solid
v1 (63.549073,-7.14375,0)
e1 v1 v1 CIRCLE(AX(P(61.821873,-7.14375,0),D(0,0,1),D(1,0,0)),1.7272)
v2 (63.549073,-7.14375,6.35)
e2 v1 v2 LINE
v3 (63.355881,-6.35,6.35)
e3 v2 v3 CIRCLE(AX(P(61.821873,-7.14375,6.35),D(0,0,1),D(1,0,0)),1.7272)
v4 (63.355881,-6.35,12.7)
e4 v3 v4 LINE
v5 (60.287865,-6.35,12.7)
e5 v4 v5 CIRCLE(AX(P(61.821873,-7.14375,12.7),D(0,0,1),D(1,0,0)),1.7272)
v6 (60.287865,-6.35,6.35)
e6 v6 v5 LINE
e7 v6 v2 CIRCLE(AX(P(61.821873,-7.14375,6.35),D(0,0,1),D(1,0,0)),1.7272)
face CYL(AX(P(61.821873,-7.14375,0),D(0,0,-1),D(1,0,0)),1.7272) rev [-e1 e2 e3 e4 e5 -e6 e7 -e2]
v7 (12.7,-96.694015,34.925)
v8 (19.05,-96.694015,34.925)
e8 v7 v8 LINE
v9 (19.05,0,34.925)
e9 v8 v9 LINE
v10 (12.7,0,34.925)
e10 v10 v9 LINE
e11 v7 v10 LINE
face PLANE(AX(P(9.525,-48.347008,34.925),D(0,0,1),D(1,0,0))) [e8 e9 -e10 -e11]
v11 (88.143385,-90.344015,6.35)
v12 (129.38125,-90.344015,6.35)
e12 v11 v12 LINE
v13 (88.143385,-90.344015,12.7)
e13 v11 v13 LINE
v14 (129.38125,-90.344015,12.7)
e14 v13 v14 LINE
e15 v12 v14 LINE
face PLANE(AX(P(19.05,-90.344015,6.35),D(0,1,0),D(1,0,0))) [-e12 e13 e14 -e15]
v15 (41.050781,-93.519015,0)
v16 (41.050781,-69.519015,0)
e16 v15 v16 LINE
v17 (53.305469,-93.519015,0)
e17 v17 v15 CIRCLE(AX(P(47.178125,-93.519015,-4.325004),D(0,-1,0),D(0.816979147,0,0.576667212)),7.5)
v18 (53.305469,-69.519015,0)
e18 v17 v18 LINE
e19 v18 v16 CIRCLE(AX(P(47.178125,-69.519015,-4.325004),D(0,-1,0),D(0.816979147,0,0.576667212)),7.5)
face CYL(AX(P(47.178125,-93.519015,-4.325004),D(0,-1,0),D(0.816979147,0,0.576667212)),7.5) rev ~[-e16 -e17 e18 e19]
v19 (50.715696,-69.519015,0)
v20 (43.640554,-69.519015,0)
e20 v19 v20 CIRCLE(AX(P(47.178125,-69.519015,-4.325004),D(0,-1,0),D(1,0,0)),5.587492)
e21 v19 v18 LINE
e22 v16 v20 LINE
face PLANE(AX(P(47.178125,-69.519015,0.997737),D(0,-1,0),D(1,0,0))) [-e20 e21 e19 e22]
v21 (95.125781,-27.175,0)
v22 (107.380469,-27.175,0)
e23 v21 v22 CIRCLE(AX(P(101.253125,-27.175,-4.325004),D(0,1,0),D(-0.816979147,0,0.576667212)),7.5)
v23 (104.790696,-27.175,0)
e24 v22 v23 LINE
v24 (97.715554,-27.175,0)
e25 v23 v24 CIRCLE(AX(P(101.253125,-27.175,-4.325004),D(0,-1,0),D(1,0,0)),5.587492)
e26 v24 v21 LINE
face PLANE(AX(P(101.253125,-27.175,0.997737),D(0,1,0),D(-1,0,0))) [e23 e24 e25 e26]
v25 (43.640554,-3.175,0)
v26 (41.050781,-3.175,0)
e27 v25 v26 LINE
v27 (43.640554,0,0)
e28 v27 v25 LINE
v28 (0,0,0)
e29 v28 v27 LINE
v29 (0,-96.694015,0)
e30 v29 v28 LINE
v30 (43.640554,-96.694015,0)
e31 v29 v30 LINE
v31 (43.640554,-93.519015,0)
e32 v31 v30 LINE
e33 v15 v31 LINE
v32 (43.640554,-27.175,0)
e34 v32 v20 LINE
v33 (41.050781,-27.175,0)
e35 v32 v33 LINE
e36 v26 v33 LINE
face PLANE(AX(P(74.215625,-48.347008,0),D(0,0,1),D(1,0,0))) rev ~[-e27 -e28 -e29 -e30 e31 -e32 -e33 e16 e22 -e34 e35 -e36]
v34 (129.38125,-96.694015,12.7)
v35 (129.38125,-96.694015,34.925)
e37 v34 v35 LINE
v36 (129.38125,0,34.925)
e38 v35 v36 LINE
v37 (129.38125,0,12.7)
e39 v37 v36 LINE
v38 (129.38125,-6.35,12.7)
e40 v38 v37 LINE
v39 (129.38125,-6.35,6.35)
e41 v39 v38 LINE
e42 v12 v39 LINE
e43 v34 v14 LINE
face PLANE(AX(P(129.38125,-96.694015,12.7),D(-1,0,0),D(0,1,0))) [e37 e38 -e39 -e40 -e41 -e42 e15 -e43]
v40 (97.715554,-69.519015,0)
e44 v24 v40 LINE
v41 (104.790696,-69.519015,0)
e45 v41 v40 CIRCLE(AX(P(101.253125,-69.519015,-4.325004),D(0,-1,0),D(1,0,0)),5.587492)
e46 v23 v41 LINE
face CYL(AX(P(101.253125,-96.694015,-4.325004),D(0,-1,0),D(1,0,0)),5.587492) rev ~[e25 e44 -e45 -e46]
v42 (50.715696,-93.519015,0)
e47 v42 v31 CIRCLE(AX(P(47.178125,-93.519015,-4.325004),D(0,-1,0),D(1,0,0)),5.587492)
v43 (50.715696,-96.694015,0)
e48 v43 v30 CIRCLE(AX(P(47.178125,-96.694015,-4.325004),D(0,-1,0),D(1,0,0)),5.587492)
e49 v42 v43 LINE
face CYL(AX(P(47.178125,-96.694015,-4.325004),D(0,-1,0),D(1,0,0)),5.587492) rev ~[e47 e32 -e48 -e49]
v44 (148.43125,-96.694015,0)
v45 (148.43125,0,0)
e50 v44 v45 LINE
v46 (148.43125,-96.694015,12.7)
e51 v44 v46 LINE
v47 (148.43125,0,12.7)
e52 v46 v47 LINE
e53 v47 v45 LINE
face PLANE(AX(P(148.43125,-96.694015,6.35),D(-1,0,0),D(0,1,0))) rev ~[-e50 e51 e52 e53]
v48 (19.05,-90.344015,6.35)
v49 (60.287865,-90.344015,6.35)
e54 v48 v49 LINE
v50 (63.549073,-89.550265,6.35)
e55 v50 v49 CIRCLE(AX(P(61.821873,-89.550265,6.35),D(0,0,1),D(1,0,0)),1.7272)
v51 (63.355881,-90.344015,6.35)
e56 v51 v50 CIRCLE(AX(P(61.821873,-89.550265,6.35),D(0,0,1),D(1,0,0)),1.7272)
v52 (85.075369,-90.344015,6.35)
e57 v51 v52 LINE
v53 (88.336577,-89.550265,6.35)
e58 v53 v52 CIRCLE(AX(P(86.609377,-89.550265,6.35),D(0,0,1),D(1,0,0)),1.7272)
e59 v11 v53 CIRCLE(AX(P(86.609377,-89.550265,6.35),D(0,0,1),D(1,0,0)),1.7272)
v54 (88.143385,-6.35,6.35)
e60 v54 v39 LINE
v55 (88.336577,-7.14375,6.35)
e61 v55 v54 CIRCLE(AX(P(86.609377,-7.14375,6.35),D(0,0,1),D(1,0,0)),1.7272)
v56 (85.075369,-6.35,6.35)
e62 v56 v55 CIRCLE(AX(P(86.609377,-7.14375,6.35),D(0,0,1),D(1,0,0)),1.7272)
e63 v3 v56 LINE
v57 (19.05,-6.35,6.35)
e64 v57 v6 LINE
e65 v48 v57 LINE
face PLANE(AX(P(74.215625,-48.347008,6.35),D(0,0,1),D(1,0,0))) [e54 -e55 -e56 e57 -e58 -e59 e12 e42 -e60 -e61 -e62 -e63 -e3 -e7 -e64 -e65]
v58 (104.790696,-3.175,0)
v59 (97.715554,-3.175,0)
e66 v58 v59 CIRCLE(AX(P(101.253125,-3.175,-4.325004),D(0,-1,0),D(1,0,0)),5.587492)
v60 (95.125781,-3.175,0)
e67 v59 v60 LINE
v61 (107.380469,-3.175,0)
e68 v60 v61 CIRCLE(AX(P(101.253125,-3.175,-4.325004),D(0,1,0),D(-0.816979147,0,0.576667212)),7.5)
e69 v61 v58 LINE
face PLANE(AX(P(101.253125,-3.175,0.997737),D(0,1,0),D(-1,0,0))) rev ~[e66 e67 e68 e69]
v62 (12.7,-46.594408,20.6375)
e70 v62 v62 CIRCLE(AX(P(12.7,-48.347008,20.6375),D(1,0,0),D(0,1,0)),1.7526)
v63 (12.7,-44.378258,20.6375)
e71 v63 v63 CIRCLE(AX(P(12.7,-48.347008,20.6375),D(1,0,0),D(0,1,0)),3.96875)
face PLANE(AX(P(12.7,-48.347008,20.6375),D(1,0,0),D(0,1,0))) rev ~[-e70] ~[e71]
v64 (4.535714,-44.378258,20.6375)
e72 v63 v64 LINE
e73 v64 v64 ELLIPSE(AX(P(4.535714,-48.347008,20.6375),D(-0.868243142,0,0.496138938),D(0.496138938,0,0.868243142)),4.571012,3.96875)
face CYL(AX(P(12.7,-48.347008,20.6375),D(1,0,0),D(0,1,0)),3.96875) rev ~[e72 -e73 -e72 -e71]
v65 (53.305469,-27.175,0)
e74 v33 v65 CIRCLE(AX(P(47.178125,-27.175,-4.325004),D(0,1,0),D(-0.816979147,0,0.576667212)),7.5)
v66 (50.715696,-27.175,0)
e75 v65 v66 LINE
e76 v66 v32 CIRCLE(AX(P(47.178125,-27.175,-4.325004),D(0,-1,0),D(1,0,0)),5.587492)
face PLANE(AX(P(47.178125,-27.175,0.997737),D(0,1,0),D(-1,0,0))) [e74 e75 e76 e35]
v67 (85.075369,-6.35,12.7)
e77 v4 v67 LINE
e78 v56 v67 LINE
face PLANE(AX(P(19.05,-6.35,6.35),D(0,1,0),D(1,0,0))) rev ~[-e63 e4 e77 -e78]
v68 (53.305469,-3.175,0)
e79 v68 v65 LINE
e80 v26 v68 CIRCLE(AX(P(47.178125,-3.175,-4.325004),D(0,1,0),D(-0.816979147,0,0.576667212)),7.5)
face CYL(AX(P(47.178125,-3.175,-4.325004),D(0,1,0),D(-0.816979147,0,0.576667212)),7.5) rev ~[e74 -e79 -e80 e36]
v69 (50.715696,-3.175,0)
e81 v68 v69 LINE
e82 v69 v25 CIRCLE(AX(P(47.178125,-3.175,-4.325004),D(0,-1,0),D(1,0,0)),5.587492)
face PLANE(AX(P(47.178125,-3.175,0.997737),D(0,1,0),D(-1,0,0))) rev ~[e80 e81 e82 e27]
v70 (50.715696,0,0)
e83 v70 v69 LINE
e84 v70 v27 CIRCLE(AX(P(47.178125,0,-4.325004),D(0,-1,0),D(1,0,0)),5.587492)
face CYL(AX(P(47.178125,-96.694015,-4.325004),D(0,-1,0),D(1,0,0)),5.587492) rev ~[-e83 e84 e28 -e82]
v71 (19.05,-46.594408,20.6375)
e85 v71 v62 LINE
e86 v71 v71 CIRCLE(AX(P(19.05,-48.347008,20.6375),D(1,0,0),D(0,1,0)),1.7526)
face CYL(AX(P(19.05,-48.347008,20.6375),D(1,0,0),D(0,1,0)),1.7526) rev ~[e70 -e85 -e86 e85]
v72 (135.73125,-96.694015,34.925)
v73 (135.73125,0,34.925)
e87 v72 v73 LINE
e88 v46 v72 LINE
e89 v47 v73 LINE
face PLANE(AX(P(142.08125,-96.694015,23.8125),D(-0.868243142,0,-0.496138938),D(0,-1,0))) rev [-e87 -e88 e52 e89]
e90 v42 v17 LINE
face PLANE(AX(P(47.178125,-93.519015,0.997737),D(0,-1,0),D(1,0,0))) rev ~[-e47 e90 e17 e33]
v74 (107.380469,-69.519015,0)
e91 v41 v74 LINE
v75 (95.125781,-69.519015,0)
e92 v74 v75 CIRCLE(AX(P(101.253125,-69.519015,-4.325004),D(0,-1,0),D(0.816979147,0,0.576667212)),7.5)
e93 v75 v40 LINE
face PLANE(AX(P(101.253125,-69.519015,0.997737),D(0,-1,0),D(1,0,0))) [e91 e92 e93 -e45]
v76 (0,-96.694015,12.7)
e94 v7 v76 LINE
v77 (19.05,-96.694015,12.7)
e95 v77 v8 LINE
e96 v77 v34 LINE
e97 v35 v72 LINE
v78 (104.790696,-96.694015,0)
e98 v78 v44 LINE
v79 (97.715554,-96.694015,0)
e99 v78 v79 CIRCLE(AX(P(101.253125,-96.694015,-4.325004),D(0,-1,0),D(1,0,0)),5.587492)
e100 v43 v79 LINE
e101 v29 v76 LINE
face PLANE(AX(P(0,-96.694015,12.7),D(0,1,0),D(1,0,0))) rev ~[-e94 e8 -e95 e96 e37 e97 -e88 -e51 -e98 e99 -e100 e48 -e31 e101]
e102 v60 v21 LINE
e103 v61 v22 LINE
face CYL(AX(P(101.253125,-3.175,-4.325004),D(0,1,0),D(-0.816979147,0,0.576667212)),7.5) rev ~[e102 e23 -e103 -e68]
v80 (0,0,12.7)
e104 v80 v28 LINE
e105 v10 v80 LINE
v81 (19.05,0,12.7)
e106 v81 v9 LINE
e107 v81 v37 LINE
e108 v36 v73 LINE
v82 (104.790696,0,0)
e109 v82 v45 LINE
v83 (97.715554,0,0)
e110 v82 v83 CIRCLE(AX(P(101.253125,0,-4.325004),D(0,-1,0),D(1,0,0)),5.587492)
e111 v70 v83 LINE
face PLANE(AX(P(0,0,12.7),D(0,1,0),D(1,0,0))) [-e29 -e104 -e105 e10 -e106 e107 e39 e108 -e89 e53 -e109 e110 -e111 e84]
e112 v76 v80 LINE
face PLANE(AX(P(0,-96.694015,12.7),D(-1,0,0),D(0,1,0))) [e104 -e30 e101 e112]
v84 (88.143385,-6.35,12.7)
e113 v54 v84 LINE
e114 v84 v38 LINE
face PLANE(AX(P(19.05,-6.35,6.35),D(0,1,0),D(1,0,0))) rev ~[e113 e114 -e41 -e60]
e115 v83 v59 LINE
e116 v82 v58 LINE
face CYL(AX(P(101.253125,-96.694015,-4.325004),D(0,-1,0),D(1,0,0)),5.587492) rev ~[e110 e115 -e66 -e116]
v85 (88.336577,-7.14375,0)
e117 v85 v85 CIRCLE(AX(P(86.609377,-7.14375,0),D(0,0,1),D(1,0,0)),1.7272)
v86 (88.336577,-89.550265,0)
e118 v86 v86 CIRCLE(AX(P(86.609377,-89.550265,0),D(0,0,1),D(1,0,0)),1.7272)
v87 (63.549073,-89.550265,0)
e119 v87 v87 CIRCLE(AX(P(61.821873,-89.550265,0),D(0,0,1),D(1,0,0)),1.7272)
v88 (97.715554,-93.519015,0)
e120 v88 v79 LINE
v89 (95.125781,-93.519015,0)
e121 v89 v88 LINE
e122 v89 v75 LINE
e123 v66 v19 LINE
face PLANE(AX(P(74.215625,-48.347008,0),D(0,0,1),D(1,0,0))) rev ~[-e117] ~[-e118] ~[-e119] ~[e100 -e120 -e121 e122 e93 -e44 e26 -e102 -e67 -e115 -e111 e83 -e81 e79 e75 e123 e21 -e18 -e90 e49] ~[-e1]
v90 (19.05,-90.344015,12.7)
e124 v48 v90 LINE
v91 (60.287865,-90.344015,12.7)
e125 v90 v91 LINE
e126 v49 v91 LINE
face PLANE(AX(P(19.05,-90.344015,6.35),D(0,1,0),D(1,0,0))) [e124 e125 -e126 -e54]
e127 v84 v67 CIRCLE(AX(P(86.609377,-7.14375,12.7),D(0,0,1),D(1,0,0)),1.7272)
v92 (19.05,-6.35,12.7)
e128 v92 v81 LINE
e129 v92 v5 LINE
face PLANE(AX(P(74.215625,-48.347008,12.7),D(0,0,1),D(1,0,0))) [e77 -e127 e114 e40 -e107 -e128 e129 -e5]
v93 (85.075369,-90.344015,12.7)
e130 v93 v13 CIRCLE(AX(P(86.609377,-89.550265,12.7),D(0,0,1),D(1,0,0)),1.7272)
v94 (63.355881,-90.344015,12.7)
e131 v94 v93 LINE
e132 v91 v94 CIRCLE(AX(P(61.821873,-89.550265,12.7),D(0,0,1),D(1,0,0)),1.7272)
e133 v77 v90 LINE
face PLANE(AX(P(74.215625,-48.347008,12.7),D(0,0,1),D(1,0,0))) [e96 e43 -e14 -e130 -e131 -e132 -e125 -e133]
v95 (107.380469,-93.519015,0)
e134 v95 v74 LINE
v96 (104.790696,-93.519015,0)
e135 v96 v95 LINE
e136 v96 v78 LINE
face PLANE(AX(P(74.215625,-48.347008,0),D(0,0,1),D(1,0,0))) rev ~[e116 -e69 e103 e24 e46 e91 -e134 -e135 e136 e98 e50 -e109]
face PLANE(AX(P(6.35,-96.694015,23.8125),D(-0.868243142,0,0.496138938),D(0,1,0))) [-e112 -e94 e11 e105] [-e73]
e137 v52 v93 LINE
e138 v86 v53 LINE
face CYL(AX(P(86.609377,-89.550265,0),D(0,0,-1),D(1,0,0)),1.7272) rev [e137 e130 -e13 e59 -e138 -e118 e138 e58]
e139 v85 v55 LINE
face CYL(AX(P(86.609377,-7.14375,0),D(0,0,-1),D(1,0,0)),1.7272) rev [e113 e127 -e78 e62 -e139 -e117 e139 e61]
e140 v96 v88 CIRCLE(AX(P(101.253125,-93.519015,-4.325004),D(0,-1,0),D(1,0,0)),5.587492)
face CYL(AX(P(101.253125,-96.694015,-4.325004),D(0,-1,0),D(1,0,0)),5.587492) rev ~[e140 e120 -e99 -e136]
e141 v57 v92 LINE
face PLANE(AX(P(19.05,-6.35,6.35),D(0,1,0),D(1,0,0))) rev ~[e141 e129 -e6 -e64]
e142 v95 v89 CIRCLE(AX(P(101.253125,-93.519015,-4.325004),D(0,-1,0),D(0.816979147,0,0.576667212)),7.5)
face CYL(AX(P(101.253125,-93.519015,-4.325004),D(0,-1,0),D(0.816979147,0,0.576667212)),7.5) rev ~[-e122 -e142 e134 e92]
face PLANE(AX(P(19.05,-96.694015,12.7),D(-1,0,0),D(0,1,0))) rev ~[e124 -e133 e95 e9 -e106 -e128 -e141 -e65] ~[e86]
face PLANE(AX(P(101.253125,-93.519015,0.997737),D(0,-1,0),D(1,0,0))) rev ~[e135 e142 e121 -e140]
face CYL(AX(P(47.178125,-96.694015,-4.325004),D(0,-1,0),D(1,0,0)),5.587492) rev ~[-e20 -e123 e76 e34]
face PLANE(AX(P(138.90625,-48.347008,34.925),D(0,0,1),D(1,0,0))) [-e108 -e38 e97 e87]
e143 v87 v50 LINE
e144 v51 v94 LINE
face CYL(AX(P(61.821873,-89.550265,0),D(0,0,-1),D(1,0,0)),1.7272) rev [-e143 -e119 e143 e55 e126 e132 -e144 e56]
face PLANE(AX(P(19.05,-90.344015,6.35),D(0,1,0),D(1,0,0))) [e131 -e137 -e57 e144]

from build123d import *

# Parameters (mm, degrees)
F0_W      = 148.43125
F0_H      = 96.6940154
F0_R      = 1.7272
F1_DEPTH  = 6.35
F2_W      = 148.43125
F2_H      = 96.6940154
F2_W_2    = 110.33125
F2_H_2    = 83.9940154
F3_DEPTH  = 6.35
F4_W      = 19.05
F4_H      = 96.6940154
F5_DEPTH  = 22.225
F6_SIZE2  = 22.225
F6_SIZE   = 12.7
F7_SIZE2  = 12.7
F7_SIZE   = 22.225
F8_R      = 1.7526
F9_DEPTH  = 16.5157714286
F12_DEPTH = 24
F15_DEPTH = 24
F17_R     = 3.96875
F18_DEPTH = 11.4321428571
F19_DEPTH = 6.35
F20_R     = 5.587492
F21_DEPTH = 96.6940154


with BuildPart() as f1:
    # F0 (on Top) → F1 (new body)
    with BuildSketch(Plane.XY):
        with Locations((74.215625, -48.3470077)):
            Rectangle(F0_W, F0_H)
        with Locations((61.8218728, -89.5502654)):
            Circle(F0_R, mode=Mode.SUBTRACT)
        with Locations((86.6093772, -89.5502654)):
            Circle(F0_R, mode=Mode.SUBTRACT)
        with Locations((61.8218728, -7.14375)):
            Circle(F0_R, mode=Mode.SUBTRACT)
        with Locations((86.6093772, -7.14375)):
            Circle(F0_R, mode=Mode.SUBTRACT)
    extrude(amount=F1_DEPTH)

    # F2 (on face) → F3 (join)
    with BuildSketch(Plane.XY.offset(6.35)):
        with Locations((74.215625, -48.3470077)):
            Rectangle(F2_W, F2_H)
        with Locations((74.215625, -48.3470077)):
            Rectangle(F2_W_2, F2_H_2, mode=Mode.SUBTRACT)
    extrude(amount=F3_DEPTH)

    # F4 (on face) → F5 (join)
    with BuildSketch(Plane.XY.offset(12.7)):
        with Locations((9.525, -48.3470077)):
            Rectangle(F4_W, F4_H)
        with Locations((138.90625, -48.3470077)):
            Rectangle(F4_W, F4_H)
    extrude(amount=F5_DEPTH)

    # F6
    f6_edges = [f1.edges().sort_by_distance(p)[0] for p in [
        (0, -48.347008, 34.925),
    ]]
    f6_side = f1.faces().sort_by_distance((9.525, -48.347008, 34.925))[0]
    chamfer(f6_edges, length=F6_SIZE, length2=F6_SIZE2, reference=f6_side)

    # F7
    f7_edges = [f1.edges().sort_by_distance(p)[0] for p in [
        (148.43125, -48.347008, 34.925),
    ]]
    f7_side = f1.faces().sort_by_distance((148.43125, -48.347008, 17.4625))[0]
    chamfer(f7_edges, length=F7_SIZE, length2=F7_SIZE2, reference=f7_side)

    # F8 (on face) → F9 (cut, up to face)
    with BuildSketch(Plane.YZ.offset(19.05)):
        with Locations((-48.3470077, 20.6375)):
            Circle(F8_R)
    extrude(amount=-F9_DEPTH, mode=Mode.SUBTRACT)

    # F11 (on offset) → F12 (cut)
    with BuildSketch(Plane(origin=(0, -3.175, 0), x_dir=(-1, 0, 0), z_dir=(0, 1, 0))):
        with BuildLine():
            Line((-53.3054687, 0), (-41.0507815, 0))
            ThreePointArc((-41.0507815, 0), (-47.1781251, 3.1749959066), (-53.3054687, 0))
        make_face()
        with BuildLine():
            ThreePointArc((-95.1257813, 0), (-101.2531249, 3.1749959066), (-107.3804685, 0))
            Line((-107.3804685, 0), (-95.1257813, 0))
        make_face()
    extrude(amount=-F12_DEPTH, mode=Mode.SUBTRACT)

    # F14 (on offset) → F15 (cut)
    with BuildSketch(Plane.XZ.offset(93.5190154)):
        with BuildLine():
            ThreePointArc((53.3054687, 0), (47.1781251, 3.1749959066), (41.0507815, 0))
            Line((41.0507815, 0), (53.3054687, 0))
        make_face()
        with BuildLine():
            ThreePointArc((107.3804685, 0), (101.2531249, 3.1749959066), (95.1257813, 0))
            Line((95.1257813, 0), (107.3804685, 0))
        make_face()
    extrude(amount=-F15_DEPTH, mode=Mode.SUBTRACT)

    # F17 (on offset) → F18 (cut, up to face)
    with BuildSketch(Plane.YZ.offset(12.7)):
        with Locations((-48.3470077, 20.6375)):
            Circle(F17_R)
    extrude(amount=-F18_DEPTH, mode=Mode.SUBTRACT)

    # F19 (cut, through all): faces of the model
    f19_faces = [f1.faces().sort_by_distance(p)[0] for p in [
        (61.8218728, -90.7276702983, 6.35),
        (86.6093772, -90.7276702983, 6.35),
        (86.6093772, -5.9663451017, 6.35),
        (61.8218728, -5.9663451017, 6.35),
    ]]
    extrude(f19_faces, amount=-F19_DEPTH, mode=Mode.SUBTRACT)

    # F20 (on face) → F21 (cut, through all)
    with BuildSketch(Plane.XZ.offset(96.6940154)):
        with Locations((47.1781251, -4.3250040934)):
            Circle(F20_R)
        with Locations((101.2531249, -4.3250040934)):
            Circle(F20_R)
    extrude(amount=-F21_DEPTH, mode=Mode.SUBTRACT)


solid = f1.part
